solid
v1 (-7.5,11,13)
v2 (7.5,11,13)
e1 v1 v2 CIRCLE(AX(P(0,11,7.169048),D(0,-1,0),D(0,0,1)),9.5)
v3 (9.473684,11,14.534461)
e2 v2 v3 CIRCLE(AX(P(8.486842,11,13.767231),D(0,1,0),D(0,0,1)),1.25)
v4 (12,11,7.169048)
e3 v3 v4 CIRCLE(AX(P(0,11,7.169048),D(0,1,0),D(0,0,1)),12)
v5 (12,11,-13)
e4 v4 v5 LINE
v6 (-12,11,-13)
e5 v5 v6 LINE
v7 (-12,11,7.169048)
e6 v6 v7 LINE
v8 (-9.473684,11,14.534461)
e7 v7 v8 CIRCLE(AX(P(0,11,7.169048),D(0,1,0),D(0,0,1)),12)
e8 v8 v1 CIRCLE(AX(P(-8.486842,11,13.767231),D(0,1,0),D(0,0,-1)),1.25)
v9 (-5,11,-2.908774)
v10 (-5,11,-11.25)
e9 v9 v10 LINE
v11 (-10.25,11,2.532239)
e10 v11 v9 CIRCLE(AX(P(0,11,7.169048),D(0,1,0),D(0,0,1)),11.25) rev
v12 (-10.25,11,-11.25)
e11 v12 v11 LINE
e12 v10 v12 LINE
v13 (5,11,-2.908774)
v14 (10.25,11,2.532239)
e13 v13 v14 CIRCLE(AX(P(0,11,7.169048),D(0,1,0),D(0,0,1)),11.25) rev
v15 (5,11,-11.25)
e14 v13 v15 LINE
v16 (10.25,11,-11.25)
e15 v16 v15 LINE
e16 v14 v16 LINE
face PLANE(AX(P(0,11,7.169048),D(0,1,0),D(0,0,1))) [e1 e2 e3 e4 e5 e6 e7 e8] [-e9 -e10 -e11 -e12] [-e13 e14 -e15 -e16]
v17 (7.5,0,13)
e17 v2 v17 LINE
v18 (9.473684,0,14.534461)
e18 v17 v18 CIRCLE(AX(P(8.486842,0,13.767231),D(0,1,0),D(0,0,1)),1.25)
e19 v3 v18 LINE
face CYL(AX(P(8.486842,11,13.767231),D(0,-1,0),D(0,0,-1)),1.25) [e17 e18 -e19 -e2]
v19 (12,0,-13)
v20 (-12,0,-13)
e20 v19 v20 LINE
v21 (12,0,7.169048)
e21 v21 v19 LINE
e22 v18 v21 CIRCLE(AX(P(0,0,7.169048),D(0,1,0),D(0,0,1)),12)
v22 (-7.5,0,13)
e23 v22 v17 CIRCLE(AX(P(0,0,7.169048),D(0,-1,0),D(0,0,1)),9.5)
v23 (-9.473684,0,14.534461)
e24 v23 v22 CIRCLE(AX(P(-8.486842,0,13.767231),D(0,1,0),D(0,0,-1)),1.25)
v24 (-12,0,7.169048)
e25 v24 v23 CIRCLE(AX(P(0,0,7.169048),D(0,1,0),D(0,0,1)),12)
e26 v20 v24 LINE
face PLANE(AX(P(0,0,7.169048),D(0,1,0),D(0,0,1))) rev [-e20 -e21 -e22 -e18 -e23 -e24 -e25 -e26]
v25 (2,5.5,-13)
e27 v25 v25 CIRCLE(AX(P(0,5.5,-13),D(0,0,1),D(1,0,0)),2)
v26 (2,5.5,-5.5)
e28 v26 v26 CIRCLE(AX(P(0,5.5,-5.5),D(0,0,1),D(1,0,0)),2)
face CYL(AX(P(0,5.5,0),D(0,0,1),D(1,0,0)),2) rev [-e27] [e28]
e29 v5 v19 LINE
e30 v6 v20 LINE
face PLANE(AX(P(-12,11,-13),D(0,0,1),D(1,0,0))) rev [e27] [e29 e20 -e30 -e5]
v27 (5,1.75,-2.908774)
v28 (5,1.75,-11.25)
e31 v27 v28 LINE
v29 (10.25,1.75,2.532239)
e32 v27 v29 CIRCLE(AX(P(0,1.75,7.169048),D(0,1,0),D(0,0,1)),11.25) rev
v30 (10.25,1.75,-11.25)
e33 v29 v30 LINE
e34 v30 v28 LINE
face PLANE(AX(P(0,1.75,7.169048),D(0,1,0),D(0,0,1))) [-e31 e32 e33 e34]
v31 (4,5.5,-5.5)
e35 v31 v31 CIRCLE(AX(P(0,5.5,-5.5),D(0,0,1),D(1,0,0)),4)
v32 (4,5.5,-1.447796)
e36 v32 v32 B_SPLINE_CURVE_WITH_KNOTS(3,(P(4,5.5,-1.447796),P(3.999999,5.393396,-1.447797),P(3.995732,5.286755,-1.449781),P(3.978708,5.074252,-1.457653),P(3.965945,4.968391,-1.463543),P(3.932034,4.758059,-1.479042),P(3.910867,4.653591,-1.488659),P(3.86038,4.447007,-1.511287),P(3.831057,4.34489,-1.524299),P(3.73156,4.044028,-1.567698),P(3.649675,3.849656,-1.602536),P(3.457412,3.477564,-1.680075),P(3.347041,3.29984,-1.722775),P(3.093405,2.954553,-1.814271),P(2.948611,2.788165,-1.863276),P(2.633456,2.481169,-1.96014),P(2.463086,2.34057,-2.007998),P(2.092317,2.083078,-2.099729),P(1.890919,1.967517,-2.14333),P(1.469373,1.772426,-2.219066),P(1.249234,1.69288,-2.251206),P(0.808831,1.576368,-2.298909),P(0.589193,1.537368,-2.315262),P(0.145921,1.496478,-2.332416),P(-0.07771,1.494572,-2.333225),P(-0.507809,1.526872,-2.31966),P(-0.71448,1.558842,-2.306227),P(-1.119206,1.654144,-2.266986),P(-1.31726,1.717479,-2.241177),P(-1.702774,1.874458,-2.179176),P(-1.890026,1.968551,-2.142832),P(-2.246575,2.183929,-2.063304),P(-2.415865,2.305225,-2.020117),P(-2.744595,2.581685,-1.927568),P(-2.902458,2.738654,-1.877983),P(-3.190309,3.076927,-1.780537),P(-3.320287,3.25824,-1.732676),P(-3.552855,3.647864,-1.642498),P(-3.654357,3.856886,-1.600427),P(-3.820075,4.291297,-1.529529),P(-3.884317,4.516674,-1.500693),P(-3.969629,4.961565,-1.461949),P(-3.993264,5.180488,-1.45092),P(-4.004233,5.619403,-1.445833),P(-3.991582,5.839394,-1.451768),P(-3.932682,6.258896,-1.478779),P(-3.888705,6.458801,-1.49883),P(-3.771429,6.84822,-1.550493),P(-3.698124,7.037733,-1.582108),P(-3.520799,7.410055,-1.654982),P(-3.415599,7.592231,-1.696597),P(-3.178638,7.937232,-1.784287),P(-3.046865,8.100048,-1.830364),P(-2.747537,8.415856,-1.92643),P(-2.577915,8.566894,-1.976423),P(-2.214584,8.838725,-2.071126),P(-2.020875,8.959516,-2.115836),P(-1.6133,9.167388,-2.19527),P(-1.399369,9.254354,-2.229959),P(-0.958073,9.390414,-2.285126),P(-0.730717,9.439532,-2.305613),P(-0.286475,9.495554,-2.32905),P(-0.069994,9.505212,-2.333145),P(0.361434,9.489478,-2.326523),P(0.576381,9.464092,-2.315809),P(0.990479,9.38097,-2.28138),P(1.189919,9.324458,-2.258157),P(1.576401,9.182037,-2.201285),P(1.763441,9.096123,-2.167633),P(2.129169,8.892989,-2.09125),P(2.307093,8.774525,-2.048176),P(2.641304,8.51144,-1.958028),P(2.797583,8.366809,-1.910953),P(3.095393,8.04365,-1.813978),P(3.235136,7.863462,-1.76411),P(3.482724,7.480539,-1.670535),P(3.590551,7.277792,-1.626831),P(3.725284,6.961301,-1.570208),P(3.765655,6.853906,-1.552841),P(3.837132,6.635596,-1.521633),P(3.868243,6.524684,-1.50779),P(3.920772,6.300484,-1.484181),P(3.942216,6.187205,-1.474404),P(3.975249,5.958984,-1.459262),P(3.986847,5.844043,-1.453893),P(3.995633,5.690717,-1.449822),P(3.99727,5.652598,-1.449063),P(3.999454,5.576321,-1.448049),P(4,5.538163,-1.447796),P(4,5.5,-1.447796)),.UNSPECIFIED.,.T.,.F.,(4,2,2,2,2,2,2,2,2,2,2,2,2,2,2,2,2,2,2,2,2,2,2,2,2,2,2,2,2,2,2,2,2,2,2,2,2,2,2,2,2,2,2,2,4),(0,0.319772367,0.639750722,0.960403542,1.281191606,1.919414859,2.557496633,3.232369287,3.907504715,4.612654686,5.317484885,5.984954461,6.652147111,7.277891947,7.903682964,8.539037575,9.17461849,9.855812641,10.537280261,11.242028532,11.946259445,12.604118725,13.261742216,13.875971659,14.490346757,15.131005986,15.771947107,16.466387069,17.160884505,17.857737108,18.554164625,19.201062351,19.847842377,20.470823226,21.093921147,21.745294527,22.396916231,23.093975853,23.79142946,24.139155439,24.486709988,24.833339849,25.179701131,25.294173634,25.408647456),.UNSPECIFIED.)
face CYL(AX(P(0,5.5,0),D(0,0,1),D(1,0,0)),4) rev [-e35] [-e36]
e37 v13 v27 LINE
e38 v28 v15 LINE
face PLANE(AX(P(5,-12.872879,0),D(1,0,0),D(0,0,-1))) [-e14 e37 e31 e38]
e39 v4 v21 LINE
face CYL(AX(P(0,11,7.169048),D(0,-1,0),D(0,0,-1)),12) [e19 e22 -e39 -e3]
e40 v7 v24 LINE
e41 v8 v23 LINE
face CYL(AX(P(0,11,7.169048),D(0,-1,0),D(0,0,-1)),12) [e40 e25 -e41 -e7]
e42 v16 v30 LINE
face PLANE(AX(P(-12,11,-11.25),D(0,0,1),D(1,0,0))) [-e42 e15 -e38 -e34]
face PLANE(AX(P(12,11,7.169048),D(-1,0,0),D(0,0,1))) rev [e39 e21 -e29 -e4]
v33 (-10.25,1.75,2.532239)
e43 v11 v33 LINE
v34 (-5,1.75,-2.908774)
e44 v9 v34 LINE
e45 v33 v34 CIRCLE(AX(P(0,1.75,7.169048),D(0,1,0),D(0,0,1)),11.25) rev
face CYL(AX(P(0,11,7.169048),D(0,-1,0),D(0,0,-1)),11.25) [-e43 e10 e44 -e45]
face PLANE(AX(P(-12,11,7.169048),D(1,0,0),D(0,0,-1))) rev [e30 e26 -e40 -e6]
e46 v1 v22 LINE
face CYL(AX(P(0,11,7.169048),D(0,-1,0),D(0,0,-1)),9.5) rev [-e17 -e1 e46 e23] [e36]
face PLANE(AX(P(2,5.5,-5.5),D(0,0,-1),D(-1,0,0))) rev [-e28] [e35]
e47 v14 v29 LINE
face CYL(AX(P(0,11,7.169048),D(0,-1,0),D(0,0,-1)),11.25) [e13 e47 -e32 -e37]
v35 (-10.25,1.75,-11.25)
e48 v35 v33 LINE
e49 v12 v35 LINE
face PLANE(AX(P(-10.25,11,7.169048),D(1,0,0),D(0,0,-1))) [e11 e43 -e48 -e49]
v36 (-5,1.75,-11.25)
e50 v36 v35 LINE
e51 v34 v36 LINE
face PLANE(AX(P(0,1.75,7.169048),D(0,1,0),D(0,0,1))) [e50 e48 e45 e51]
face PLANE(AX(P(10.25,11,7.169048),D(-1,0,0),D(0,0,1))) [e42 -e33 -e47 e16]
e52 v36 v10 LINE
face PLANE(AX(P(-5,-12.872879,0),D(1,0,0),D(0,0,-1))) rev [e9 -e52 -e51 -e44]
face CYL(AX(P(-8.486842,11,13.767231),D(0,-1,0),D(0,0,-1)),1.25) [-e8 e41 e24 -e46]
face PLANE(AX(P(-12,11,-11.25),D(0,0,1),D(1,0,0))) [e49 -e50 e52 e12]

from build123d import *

# Parameters (mm, degrees)
BOSS_EXTRUDE1_DEPTH = 11
SHELL2_T            = -1.75
SKETCH5_W           = 10
SKETCH5_H           = 10.669048105
BOSS_EXTRUDE2_DEPTH = 9.25
HOLE4_D             = 4
HOLE4_DEPTH         = 13
HOLE4_CBORE_D       = 8
HOLE4_CBORE_DEPTH   = 5.5
HOLE4_TIP           = 1.201721238


with BuildPart() as part:
    # Sketch1 → Boss-Extrude1 (new body)
    with BuildSketch(Plane(origin=(0, 0, 0), x_dir=(1, 0, 0), z_dir=(0, 1, 0))):
        with BuildLine():
            Line((-12, -7.169048105), (-12, 13))
            Line((-12, 13), (12, 13))
            Line((12, 13), (12, -7.169048105))
            ThreePointArc((12, -7.169048105), (11.350863635, -11.062362212), (9.473684211, -14.534461025))
            ThreePointArc((9.473684211, -14.534461025), (7.719611593, -14.754072618), (7.5, -13))
            ThreePointArc((7.5, -13), (0, 2.330951895), (-7.5, -13))
            ThreePointArc((-7.5, -13), (-7.719611593, -14.754072618), (-9.473684211, -14.534461025))
            ThreePointArc((-9.473684211, -14.534461025), (-11.350863635, -11.062362212), (-12, -7.169048105))
        make_face()
    extrude(amount=BOSS_EXTRUDE1_DEPTH)

    # Shell2
    shell2_openings = [part.faces().sort_by_distance(p)[0] for p in [
        (0, 11, -3.682863913),
    ]]
    offset(amount=SHELL2_T, openings=shell2_openings, kind=Kind.INTERSECTION)

    # Sketch5 → Boss-Extrude2 (add)
    with BuildSketch(Plane(origin=(0, 11, 0), x_dir=(1, 0, 0), z_dir=(0, 1, 0))):
        with Locations((0, 7.665475948)):
            Rectangle(SKETCH5_W, SKETCH5_H)
    extrude(amount=-BOSS_EXTRUDE2_DEPTH)

    # Hole4
    with Locations(Plane.XY):
        with Locations((0, 5.5)):
            CounterBoreHole(HOLE4_D / 2, HOLE4_CBORE_D / 2, HOLE4_CBORE_DEPTH, depth=HOLE4_DEPTH)
            with Locations((0, 0, -(HOLE4_DEPTH + HOLE4_TIP / 2))):  # 118° drill point
                Cone(0, HOLE4_D / 2, HOLE4_TIP, mode=Mode.SUBTRACT)


solid = part.part
